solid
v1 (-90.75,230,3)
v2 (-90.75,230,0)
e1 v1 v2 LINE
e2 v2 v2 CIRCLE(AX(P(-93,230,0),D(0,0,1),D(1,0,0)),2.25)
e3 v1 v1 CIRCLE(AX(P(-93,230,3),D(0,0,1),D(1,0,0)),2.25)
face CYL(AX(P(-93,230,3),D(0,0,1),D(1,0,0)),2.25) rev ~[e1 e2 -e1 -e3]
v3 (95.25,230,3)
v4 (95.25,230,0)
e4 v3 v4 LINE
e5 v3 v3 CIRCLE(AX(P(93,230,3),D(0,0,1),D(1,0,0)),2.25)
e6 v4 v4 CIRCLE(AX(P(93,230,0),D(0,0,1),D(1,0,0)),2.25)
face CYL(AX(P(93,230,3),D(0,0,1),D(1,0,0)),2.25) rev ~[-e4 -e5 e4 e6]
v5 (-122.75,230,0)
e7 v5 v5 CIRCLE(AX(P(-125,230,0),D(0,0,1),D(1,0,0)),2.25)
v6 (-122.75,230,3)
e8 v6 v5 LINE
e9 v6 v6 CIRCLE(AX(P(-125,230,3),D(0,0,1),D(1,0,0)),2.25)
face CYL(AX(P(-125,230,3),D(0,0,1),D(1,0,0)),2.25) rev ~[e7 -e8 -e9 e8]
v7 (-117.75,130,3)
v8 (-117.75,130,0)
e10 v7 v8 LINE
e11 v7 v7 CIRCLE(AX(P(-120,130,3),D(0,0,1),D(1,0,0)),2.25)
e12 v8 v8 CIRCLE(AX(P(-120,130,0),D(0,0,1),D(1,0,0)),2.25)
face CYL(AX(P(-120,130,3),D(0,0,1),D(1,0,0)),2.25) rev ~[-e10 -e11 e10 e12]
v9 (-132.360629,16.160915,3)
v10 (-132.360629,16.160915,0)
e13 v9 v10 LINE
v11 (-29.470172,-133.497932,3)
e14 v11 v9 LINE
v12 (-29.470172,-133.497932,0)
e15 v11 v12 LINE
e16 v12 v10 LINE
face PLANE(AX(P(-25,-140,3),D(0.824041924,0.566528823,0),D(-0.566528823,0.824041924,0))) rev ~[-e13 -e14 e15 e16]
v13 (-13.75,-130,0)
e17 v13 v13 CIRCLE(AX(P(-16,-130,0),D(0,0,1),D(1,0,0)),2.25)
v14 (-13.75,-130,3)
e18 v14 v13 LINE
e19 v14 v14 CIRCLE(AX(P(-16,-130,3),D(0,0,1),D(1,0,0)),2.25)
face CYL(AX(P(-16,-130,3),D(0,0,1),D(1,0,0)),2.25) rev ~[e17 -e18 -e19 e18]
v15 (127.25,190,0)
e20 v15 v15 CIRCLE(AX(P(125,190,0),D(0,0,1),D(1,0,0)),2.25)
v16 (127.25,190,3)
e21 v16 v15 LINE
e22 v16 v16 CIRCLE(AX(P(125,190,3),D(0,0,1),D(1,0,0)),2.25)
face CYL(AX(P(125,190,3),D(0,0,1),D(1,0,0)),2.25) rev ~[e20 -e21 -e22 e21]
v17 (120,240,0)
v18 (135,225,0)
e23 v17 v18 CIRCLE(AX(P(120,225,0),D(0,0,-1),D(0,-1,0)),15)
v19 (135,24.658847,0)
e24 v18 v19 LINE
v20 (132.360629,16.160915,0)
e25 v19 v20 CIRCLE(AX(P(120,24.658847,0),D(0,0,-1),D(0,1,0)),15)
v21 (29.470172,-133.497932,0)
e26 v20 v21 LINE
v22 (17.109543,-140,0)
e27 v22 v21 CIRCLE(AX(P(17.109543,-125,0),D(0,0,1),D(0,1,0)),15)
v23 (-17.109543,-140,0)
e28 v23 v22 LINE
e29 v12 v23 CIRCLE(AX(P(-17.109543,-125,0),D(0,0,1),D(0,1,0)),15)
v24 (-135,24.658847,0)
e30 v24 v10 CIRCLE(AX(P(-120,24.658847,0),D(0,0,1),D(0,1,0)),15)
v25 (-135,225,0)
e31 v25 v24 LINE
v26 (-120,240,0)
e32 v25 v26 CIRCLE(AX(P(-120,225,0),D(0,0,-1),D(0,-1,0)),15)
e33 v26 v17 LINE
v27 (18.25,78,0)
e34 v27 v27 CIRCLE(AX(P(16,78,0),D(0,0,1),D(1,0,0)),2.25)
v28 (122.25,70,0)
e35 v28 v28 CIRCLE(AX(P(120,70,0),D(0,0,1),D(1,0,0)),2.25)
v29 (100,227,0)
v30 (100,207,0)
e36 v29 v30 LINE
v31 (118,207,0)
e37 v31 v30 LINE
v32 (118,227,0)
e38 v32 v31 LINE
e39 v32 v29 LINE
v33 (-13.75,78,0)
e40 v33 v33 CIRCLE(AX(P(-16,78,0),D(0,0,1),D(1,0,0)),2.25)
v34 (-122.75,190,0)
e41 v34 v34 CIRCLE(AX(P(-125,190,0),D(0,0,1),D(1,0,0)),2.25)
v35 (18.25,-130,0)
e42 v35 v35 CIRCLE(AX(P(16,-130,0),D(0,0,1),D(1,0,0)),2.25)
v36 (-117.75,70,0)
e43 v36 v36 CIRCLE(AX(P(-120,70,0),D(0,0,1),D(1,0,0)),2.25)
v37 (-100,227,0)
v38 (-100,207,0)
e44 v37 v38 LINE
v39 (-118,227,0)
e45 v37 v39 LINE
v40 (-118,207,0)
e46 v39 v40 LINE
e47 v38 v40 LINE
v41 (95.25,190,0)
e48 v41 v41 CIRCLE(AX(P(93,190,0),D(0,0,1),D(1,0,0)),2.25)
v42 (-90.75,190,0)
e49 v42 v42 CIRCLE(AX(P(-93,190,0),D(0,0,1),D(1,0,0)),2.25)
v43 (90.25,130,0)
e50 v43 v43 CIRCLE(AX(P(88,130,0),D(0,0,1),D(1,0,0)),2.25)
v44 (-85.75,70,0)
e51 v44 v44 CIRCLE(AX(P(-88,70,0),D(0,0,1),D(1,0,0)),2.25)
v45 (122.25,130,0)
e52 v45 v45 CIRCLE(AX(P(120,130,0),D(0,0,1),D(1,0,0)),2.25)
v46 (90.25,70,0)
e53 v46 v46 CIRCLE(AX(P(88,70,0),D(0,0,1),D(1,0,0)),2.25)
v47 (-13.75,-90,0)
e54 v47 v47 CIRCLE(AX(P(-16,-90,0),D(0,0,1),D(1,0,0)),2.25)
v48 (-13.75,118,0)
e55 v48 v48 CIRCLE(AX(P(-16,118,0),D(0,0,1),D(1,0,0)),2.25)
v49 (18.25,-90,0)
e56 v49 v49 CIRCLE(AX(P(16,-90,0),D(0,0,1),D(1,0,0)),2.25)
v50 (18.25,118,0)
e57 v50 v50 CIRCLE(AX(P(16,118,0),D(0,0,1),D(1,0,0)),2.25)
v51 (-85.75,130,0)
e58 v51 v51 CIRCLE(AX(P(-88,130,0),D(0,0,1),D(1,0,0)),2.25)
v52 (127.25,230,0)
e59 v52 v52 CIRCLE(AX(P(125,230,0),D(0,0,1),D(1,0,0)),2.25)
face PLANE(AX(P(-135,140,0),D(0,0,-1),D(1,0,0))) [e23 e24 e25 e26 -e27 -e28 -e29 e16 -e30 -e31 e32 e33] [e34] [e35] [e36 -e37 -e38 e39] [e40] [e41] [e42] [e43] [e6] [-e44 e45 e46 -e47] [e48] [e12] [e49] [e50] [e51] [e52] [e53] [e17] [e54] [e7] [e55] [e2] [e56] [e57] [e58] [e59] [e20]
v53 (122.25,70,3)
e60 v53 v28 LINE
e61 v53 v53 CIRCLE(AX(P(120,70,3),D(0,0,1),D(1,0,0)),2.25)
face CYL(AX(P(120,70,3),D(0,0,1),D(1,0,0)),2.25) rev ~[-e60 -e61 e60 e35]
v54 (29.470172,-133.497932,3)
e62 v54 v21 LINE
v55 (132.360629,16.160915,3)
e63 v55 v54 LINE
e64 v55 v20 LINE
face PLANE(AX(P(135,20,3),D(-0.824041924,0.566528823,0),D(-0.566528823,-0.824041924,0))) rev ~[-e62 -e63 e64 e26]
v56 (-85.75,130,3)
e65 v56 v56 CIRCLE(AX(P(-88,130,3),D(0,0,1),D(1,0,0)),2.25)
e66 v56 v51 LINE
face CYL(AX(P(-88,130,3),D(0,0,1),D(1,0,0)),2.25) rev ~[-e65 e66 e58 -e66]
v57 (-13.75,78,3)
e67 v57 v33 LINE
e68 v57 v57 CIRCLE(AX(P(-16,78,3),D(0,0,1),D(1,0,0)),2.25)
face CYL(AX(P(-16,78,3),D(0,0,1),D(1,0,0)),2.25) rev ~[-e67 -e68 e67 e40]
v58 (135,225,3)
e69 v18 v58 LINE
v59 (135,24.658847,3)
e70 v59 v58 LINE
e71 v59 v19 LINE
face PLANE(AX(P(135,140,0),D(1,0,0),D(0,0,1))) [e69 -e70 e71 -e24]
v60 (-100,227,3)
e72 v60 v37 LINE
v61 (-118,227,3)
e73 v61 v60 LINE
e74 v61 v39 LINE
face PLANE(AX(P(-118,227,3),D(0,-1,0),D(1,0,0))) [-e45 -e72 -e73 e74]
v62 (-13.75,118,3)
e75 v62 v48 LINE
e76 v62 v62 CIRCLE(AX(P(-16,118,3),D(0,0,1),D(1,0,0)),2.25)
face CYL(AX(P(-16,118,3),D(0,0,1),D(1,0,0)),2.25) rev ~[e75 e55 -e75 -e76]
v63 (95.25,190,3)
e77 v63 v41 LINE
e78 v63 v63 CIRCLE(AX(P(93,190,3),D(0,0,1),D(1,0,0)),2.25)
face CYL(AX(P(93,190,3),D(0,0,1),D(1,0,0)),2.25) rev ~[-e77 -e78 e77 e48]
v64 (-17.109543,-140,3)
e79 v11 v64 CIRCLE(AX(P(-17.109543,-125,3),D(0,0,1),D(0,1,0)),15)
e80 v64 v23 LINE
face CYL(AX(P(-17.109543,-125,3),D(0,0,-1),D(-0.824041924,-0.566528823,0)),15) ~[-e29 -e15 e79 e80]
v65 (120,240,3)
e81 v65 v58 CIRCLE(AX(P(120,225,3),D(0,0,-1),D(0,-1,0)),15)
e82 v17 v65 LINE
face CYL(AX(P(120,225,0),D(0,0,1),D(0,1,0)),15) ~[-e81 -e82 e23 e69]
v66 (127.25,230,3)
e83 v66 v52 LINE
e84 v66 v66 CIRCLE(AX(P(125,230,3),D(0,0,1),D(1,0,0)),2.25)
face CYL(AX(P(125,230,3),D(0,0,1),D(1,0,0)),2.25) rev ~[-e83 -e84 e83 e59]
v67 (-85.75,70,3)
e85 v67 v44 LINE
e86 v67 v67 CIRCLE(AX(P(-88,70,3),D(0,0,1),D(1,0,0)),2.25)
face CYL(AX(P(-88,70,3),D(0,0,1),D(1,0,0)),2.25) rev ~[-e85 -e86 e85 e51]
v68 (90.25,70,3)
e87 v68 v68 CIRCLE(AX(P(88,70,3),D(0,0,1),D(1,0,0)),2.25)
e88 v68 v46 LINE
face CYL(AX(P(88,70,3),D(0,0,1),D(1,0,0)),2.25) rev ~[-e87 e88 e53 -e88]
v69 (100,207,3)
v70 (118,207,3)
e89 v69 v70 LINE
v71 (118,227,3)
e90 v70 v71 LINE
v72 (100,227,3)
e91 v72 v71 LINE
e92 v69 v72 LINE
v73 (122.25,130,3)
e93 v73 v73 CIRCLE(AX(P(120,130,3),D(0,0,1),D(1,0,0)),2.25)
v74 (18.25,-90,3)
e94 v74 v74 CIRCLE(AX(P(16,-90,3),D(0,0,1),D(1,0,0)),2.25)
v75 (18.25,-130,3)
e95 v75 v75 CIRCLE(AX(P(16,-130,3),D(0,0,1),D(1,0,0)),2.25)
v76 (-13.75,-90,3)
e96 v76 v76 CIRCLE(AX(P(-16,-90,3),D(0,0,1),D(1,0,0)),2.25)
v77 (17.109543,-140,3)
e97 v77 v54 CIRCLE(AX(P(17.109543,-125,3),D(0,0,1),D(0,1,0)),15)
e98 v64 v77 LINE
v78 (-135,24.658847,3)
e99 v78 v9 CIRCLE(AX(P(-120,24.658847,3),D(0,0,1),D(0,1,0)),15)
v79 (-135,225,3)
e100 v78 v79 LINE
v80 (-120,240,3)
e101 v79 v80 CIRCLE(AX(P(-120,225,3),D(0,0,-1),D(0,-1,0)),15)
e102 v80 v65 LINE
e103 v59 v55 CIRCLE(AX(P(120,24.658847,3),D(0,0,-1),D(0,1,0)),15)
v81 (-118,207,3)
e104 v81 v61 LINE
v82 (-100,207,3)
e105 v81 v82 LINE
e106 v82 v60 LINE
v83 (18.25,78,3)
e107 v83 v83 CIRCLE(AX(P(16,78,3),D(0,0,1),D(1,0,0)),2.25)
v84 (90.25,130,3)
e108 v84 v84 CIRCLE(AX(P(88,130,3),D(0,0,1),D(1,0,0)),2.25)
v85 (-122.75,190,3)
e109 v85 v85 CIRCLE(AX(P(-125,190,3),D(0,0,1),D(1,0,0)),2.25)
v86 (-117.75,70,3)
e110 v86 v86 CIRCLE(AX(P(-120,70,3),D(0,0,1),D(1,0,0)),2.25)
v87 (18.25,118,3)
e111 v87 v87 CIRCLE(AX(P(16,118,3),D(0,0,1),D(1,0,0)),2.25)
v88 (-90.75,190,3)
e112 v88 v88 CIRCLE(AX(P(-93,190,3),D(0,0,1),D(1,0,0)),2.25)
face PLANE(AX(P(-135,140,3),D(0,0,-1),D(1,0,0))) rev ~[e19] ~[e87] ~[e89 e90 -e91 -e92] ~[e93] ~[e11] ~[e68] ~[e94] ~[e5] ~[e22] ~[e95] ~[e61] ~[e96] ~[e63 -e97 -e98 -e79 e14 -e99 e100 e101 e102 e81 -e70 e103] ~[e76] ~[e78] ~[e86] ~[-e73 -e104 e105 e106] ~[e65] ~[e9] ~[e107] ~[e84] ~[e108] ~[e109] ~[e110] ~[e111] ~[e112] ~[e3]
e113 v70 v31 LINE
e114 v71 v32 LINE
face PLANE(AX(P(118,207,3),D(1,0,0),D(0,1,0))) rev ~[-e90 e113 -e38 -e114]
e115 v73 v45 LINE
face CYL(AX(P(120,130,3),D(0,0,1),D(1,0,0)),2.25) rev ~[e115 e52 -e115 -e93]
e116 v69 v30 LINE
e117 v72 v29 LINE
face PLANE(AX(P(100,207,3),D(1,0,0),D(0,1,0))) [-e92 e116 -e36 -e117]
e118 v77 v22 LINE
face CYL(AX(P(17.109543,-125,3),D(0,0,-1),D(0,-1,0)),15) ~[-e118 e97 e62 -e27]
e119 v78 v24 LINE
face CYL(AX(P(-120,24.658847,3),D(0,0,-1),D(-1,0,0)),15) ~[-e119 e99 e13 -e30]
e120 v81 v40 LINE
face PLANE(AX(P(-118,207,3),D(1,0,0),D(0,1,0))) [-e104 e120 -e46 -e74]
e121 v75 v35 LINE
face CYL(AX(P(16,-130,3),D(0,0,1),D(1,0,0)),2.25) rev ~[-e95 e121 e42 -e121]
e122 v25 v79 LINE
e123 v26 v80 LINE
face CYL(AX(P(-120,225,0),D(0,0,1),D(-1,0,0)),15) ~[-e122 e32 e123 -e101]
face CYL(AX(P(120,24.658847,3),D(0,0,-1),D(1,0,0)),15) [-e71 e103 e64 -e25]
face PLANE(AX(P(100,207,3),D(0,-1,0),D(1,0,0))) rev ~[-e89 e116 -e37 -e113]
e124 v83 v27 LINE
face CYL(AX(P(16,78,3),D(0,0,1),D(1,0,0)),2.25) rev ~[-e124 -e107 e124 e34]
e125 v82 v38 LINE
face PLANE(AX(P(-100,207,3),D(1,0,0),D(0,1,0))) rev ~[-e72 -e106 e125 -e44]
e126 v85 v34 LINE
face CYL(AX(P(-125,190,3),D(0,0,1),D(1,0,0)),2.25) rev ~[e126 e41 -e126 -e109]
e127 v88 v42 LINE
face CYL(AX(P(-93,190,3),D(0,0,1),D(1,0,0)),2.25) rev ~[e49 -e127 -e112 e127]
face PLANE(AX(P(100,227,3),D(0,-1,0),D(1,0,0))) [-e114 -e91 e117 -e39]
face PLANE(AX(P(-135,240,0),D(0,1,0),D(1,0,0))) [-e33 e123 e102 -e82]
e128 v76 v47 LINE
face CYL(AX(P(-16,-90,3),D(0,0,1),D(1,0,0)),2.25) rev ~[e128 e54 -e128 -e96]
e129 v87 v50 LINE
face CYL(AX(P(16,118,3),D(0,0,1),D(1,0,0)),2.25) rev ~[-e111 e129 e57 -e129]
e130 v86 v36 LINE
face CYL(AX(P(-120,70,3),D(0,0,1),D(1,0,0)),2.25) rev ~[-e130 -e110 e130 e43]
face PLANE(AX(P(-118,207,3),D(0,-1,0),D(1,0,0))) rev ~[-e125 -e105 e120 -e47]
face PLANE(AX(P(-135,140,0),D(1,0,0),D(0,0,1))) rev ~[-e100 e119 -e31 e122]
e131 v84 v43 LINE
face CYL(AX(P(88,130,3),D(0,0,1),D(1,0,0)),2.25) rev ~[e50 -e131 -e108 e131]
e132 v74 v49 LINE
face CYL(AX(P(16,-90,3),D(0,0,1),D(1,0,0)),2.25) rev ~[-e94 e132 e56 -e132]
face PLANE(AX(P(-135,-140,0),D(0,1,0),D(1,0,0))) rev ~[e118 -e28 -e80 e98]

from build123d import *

# Parameters (mm, degrees)
F0_W      = 270
F0_H      = 280
F1_DEPTH  = 3
F2_R      = 2.25
F3_DEPTH  = 3.001
F4_R      = 2.25
F5_DEPTH  = 3.001
F7_DEPTH  = 3.001
F8_DEPTH  = 100
F9_R      = 2.25
F10_DEPTH = 3.001
F11_W     = 18
F11_H     = 20
F12_DEPTH = 3.001
F13_R     = 15


with BuildPart() as f1:
    # F0 (on Top) → F1 (new body)
    with BuildSketch(Plane.XY):
        Rectangle(F0_W, F0_H)
    extrude(amount=F1_DEPTH)

    # F2 (on face) → F3 (cut, through all)
    with BuildSketch(Plane.XY.offset(3)):
        with Locations((-16, -130)):
            Circle(F2_R)
        with Locations((-16, -90)):
            Circle(F2_R)
        with Locations((16, -130)):
            Circle(F2_R)
        with Locations((16, -90)):
            Circle(F2_R)
        with Locations((16, 118)):
            Circle(F2_R)
        with Locations((16, 78)):
            Circle(F2_R)
        with Locations((-16, 78)):
            Circle(F2_R)
        with Locations((-16, 118)):
            Circle(F2_R)
    extrude(amount=-F3_DEPTH, mode=Mode.SUBTRACT)

    # F4 (on face) → F5 (cut, through all)
    with BuildSketch(Plane.XY.offset(3)):
        with Locations((-120, 70)):
            Circle(F4_R)
        with Locations((-120, 130)):
            Circle(F4_R)
        with Locations((-88, 70)):
            Circle(F4_R)
        with Locations((-88, 130)):
            Circle(F4_R)
        with Locations((120, 130)):
            Circle(F4_R)
        with Locations((88, 130)):
            Circle(F4_R)
        with Locations((88, 70)):
            Circle(F4_R)
        with Locations((120, 70)):
            Circle(F4_R)
    extrude(amount=-F5_DEPTH, mode=Mode.SUBTRACT)

    # F6 (on face) → F7 (cut, through all)
    with BuildSketch(Plane.XY.offset(3)):
        Polygon((-135, -140), (-25, -140), (-135, 20), align=None)
        Polygon((135, 20), (25, -140), (135, -140), align=None)
    extrude(amount=-F7_DEPTH, mode=Mode.SUBTRACT)

    # F8 (add): a face of the model
    f8_faces = [f1.faces().sort_by_distance(p)[0] for p in [
        (0, 140, 1.5),
    ]]
    extrude(f8_faces, amount=F8_DEPTH)

    # F9 (on face) → F10 (cut, through all)
    with BuildSketch(Plane.XY.offset(3)):
        with Locations((125, 230)):
            Circle(F9_R)
        with Locations((125, 190)):
            Circle(F9_R)
        with Locations((93, 230)):
            Circle(F9_R)
        with Locations((93, 190)):
            Circle(F9_R)
        with Locations((-93, 230)):
            Circle(F9_R)
        with Locations((-93, 190)):
            Circle(F9_R)
        with Locations((-125, 190)):
            Circle(F9_R)
        with Locations((-125, 230)):
            Circle(F9_R)
    extrude(amount=-F10_DEPTH, mode=Mode.SUBTRACT)

    # F11 (on face) → F12 (cut, through all)
    with BuildSketch(Plane.XY.offset(3)):
        with Locations((-109, 217)):
            Rectangle(F11_W, F11_H)
        with Locations((109, 217)):
            Rectangle(F11_W, F11_H)
    extrude(amount=-F12_DEPTH, mode=Mode.SUBTRACT)

    # F13
    f13_edges = [f1.edges().sort_by_distance(p)[0] for p in [
        (-25, -140, 1.5),
        (25, -140, 1.5),
        (135, 20, 1.5),
        (135, 240, 1.5),
        (-135, 240, 1.5),
        (-135, 20, 1.5),
    ]]
    fillet(f13_edges, radius=F13_R)


solid = f1.part
